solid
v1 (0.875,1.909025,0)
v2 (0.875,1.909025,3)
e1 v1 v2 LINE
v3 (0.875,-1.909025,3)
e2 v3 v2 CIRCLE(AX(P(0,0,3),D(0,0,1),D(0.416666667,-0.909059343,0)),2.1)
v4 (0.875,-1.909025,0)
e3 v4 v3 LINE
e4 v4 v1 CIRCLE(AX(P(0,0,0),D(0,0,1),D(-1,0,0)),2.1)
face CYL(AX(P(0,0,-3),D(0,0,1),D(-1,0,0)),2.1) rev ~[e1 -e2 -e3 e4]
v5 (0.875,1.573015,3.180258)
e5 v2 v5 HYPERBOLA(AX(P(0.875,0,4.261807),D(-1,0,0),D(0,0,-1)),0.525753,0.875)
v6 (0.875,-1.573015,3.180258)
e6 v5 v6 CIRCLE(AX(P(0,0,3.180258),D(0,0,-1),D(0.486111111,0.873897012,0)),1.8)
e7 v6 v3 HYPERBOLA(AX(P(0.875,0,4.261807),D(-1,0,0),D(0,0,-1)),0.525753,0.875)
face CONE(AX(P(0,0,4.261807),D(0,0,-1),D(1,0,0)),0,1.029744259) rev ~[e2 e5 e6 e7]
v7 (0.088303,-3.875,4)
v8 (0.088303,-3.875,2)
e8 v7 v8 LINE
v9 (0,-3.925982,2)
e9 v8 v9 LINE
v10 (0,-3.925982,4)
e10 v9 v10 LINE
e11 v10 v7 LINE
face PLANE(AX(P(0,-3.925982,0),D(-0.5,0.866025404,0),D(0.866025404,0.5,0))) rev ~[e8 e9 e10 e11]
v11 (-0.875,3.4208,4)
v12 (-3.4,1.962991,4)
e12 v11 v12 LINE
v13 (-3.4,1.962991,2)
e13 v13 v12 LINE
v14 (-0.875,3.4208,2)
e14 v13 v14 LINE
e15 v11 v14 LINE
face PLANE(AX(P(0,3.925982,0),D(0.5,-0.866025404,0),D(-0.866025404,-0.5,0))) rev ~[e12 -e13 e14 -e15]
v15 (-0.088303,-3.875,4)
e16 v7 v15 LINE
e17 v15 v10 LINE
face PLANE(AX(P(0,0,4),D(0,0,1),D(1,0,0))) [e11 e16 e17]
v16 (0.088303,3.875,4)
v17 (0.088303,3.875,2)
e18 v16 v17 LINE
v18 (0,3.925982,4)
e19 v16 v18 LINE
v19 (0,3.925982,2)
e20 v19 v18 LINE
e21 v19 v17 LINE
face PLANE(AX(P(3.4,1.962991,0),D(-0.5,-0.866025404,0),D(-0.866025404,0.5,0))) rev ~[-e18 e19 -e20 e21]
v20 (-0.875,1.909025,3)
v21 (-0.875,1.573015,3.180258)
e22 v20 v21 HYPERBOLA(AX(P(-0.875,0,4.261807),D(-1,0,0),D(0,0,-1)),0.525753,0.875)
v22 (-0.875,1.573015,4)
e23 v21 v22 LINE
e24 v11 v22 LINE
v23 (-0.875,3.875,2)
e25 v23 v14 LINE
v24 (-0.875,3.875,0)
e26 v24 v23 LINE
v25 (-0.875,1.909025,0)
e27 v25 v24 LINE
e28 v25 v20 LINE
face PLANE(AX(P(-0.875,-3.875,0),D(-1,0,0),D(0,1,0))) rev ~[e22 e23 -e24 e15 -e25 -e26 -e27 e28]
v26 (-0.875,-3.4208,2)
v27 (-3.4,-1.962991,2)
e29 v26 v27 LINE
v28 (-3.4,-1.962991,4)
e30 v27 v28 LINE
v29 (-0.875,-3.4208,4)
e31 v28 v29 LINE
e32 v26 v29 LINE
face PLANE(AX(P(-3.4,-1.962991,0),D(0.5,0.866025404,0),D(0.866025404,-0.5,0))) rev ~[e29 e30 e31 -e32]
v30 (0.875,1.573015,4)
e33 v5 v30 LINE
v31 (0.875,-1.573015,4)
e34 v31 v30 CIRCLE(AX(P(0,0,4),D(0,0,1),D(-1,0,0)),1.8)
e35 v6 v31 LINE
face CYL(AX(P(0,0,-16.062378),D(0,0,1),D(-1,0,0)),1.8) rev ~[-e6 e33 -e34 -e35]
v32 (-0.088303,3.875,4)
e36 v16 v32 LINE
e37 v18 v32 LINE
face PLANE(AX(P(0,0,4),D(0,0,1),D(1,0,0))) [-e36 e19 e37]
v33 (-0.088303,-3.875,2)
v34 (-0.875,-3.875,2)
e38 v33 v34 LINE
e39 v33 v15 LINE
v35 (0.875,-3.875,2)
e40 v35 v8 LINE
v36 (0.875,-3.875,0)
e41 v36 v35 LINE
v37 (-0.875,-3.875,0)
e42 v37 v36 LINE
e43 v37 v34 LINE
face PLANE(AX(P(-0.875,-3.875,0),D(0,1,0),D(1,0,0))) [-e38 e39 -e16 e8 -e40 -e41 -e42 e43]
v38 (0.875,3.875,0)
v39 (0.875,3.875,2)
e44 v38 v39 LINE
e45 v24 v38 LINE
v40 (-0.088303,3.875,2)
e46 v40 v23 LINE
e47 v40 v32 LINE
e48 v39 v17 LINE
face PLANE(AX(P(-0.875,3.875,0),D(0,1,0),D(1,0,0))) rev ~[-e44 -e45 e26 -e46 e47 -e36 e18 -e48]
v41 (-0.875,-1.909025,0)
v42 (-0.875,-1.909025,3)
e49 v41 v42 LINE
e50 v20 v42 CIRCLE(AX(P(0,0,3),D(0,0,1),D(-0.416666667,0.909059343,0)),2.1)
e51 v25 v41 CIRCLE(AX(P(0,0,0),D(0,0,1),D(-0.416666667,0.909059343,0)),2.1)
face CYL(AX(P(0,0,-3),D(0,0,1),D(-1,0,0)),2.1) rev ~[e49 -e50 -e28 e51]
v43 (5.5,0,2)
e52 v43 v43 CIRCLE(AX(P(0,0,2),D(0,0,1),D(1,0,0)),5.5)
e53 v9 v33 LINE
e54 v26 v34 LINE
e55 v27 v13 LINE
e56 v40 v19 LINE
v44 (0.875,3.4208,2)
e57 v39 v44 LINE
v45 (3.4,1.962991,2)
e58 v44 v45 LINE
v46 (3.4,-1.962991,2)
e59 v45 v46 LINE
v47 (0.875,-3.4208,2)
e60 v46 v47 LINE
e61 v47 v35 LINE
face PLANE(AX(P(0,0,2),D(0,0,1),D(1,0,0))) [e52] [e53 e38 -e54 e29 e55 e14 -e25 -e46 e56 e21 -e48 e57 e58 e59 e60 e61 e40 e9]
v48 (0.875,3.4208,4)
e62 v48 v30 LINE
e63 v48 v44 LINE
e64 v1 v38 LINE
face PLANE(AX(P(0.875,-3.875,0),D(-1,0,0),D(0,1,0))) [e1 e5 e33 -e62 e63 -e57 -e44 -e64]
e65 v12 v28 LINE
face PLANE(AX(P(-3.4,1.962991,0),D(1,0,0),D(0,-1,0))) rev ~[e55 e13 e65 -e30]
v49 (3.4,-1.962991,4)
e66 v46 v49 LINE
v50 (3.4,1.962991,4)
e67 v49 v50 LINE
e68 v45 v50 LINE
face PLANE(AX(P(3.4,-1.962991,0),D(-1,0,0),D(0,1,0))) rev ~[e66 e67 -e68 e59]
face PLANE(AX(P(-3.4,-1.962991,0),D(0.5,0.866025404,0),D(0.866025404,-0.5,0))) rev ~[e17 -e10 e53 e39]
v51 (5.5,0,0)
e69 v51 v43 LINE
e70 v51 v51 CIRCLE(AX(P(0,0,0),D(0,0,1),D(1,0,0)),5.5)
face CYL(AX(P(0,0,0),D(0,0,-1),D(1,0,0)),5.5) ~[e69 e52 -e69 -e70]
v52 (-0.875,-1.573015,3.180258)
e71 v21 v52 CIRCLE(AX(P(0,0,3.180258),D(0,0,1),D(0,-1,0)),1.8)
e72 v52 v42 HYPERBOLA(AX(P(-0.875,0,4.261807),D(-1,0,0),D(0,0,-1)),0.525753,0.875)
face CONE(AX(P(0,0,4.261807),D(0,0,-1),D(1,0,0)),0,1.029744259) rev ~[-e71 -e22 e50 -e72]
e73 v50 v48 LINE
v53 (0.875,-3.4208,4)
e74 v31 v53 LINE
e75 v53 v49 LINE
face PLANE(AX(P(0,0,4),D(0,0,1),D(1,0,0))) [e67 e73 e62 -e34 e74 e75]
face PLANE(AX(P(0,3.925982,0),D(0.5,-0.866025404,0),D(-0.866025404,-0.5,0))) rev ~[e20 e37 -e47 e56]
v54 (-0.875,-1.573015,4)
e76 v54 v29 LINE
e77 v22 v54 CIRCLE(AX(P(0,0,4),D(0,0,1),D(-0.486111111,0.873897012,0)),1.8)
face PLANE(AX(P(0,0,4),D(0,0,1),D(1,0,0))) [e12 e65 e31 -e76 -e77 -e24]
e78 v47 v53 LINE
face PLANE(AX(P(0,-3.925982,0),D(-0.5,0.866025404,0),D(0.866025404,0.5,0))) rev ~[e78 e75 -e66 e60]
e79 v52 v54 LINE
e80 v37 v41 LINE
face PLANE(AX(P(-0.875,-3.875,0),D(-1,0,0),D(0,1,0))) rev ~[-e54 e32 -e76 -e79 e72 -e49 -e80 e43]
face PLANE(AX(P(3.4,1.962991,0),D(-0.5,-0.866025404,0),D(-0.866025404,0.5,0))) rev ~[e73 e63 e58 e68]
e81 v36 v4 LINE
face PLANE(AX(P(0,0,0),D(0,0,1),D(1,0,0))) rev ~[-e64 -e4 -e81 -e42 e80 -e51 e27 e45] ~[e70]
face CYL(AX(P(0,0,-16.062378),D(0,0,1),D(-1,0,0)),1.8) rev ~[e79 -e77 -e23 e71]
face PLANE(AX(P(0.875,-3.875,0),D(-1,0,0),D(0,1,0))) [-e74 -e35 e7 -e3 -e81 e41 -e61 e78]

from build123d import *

# Parameters (mm, degrees)
F5_DEPTH  = 4
F4_R      = 5.5
F6_DEPTH  = 2
F7_W      = 1.75
F7_H      = 7.75
F8_DEPTH  = 5
F10_D     = 3.6
F11_D     = 4.2
F11_DEPTH = 3
F11_TIP   = 1.2618073


with BuildPart() as f5:
    # F4 (on Top) → F5 (new body)
    with BuildSketch(Plane.XY):
        Polygon((3.4, -1.9629909152), (3.4, 1.9629909152), (0, 3.9259818305), (-3.4, 1.9629909152), (-3.4, -1.9629909152), (0, -3.9259818305), align=None)
    extrude(amount=F5_DEPTH)

    # F4 (on Top) → F6 (join)
    with BuildSketch(Plane.XY):
        Circle(F4_R)
        Polygon((0, 3.9259818305), (3.4, 1.9629909152), (3.4, -1.9629909152), (0, -3.9259818305), (-3.4, -1.9629909152), (-3.4, 1.9629909152), align=None, mode=Mode.SUBTRACT)
    extrude(amount=F6_DEPTH)

    # F7 (on Top) → F8 (cut)
    with BuildSketch(Plane.XY):
        Rectangle(F7_W, F7_H)
    extrude(amount=F8_DEPTH, mode=Mode.SUBTRACT)

    # F10 (through all)
    with Locations(Plane(origin=(0, 0, 0), x_dir=(1, 0, 0), z_dir=(0, 0, -1))):
        with Locations((0, 0)):
            Hole(F10_D / 2)

    # F11
    with Locations(Plane(origin=(0, 0, 0), x_dir=(1, 0, 0), z_dir=(0, 0, -1))):
        with Locations((0, 0)):
            Hole(F11_D / 2, depth=F11_DEPTH)
            with Locations((0, 0, -(F11_DEPTH + F11_TIP / 2))):  # 118° drill point
                Cone(0, F11_D / 2, F11_TIP, mode=Mode.SUBTRACT)


solid = f5.part
